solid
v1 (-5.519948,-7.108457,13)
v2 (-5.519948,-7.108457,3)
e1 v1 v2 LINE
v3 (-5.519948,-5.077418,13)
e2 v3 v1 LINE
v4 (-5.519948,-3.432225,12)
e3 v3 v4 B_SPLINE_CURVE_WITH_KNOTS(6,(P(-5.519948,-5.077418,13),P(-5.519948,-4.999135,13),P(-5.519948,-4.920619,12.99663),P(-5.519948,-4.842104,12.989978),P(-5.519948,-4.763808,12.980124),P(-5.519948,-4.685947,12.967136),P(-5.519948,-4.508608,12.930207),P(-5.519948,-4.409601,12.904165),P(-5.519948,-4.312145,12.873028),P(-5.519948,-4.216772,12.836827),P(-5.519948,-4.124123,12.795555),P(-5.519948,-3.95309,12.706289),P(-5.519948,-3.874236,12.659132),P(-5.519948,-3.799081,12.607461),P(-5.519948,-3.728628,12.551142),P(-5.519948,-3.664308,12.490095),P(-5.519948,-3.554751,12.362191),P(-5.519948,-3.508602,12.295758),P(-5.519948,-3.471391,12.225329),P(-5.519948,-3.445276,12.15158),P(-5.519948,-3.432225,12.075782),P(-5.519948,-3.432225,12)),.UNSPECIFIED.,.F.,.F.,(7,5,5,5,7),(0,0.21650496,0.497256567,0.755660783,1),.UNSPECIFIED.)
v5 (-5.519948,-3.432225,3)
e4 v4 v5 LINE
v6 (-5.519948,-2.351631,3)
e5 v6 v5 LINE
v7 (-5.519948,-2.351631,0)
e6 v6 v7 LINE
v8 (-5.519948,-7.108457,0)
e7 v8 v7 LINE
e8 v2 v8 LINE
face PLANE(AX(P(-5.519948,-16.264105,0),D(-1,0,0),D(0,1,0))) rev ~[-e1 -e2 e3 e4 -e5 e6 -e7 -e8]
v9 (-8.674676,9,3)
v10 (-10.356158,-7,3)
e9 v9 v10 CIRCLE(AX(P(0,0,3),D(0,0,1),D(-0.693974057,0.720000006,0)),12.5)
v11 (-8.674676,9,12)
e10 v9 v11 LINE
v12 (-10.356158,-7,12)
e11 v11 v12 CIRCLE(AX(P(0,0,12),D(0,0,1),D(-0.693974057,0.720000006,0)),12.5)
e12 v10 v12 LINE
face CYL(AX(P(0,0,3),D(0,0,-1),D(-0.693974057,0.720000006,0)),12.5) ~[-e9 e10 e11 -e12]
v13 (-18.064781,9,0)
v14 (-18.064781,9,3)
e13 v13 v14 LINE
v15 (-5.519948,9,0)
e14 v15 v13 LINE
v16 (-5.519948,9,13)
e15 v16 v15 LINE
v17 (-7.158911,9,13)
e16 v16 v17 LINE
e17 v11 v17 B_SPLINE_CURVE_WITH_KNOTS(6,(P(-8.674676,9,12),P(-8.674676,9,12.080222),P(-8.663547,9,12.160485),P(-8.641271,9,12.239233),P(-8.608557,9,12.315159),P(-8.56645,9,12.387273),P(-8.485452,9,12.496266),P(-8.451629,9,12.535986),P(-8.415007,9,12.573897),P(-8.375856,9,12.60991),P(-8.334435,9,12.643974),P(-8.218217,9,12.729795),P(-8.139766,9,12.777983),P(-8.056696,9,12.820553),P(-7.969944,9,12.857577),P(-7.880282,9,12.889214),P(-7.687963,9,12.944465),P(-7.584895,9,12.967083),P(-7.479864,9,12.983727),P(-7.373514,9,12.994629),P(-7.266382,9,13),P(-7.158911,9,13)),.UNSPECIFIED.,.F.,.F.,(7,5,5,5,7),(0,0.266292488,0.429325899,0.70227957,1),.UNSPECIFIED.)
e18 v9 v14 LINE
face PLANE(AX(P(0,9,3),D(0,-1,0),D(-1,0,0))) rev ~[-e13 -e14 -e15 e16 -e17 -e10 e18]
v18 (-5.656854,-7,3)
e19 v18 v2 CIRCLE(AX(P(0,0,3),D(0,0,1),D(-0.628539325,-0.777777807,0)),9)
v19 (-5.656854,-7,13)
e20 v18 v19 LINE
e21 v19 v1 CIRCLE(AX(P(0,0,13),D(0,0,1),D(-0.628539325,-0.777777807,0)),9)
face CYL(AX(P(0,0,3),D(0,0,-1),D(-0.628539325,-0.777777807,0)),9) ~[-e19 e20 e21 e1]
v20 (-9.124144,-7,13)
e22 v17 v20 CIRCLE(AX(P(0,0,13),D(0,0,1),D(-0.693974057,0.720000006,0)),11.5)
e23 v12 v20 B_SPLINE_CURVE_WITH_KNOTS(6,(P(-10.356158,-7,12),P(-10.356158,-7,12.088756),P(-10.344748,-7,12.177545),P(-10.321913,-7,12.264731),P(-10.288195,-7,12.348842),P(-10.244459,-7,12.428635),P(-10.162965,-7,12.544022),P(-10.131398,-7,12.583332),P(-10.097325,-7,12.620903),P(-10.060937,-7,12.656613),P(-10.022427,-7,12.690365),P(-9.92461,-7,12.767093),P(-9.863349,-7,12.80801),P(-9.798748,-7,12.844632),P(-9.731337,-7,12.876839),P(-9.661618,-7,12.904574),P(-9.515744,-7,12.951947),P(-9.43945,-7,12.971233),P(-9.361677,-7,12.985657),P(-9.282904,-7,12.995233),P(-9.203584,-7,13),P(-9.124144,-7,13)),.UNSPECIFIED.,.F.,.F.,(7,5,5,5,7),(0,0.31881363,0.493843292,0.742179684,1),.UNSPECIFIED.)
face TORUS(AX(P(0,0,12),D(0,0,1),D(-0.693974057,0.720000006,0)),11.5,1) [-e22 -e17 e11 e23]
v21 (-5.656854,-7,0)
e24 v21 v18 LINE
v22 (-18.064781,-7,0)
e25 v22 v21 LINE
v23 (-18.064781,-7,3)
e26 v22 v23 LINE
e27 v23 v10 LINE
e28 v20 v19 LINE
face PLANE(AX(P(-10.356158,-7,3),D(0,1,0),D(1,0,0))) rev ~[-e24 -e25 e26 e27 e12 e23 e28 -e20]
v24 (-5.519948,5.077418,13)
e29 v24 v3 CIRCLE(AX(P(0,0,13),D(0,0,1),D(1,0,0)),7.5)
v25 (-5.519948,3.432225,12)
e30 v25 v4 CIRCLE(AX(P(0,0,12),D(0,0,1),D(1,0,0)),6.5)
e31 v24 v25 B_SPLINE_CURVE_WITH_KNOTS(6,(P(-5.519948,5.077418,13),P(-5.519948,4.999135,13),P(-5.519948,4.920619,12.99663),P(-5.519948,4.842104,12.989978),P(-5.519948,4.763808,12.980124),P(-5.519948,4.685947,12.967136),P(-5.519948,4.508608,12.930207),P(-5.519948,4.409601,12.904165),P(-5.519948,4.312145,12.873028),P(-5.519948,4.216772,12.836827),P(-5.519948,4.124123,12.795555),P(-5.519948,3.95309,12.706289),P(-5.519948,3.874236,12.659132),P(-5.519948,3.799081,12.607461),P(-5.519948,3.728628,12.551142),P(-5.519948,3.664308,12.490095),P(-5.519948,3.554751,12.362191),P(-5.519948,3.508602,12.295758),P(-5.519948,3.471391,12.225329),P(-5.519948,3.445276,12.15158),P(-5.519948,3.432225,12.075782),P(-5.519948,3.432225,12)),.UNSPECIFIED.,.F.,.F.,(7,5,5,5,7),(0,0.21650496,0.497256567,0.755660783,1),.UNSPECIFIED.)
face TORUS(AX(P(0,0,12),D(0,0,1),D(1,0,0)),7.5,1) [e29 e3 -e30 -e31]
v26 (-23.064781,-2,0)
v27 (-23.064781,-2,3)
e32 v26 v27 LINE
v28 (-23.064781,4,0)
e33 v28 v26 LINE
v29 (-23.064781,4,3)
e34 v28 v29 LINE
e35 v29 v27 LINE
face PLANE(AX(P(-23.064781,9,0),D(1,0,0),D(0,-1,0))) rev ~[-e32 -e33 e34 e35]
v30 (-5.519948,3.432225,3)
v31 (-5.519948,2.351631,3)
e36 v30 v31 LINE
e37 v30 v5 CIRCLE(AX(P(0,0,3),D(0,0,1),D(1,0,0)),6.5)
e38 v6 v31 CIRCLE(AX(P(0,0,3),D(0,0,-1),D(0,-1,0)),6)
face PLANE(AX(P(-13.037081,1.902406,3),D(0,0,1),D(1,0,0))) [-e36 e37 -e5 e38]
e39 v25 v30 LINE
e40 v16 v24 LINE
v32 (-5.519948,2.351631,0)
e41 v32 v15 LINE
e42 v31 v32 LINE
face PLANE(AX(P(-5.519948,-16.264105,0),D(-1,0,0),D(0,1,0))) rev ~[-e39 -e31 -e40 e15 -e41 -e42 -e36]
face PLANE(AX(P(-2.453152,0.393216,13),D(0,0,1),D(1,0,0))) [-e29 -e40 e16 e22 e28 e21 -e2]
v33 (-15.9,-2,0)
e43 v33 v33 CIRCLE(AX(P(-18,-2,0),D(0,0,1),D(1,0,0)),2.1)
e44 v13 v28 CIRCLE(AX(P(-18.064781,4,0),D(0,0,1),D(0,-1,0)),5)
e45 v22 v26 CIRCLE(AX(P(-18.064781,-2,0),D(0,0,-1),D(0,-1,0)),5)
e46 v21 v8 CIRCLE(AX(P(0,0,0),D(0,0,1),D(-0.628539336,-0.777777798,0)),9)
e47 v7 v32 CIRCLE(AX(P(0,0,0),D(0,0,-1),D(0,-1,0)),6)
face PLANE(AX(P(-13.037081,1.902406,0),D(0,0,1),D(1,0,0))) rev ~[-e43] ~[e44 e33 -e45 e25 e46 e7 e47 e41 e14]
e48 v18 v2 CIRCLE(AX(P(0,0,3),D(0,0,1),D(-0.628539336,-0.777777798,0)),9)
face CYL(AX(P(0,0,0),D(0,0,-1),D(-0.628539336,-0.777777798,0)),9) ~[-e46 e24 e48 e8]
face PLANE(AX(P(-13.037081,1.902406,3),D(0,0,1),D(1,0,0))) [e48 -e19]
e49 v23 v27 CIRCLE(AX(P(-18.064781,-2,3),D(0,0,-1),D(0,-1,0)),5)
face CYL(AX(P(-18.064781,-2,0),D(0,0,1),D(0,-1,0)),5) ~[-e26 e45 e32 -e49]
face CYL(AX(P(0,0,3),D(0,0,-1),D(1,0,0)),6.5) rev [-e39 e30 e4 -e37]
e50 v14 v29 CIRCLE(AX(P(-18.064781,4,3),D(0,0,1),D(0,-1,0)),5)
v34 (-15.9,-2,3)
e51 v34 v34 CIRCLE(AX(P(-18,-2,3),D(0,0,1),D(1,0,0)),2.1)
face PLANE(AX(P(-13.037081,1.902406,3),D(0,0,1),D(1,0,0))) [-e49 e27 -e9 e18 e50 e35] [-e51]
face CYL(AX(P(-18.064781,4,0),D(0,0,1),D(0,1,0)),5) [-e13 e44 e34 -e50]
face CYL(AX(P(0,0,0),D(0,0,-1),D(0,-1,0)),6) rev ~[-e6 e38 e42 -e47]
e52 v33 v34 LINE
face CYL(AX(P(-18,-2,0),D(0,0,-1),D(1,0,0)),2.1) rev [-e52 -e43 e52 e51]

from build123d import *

# Parameters (mm, degrees)
F0_R     = 2.1
F1_DEPTH = 3
F2_R     = 5
F3_R     = 6.5
F4_DEPTH = 10
F5_R     = 1
F6_W     = 17.935833
F6_H     = 36.485908
F7_DEPTH = 13.001


with BuildPart() as f1:
    # F0 (on Top) → F1 (new body)
    with BuildSketch(Plane.XY):
        with BuildLine():
            ThreePointArc((-5.656854, -7), (-8.485281, 3), (0, 9))
            Line((0, 9), (-23.064781, 9))
            Line((-23.064781, 9), (-23.064781, -7))
            Line((-23.064781, -7), (-5.656854, -7))
        make_face()
        with Locations((-18, -2)):
            Circle(F0_R, mode=Mode.SUBTRACT)
        with BuildLine():
            ThreePointArc((0, -6), (-6, 0), (0, 6))
            Line((0, 6), (0, 9))
            ThreePointArc((0, 9), (-8.485281, 3), (-5.656854, -7))
            Line((-5.656854, -7), (0, -7))
            Line((0, -7), (0, -6))
        make_face()
        with BuildLine():
            ThreePointArc((0, 6), (4.242641, 4.242641), (6, 0))
            ThreePointArc((6, 0), (4.242641, -4.242641), (0, -6))
            Line((0, -6), (0, -7))
            Line((0, -7), (-5.656854, -7))
            ThreePointArc((-5.656854, -7), (3.87868, -8.12132), (9, 0))
            ThreePointArc((9, 0), (6.363961, 6.363961), (0, 9))
            Line((0, 9), (0, 6))
        make_face()
    extrude(amount=F1_DEPTH)

    # F2
    f2_edges = [f1.edges().sort_by_distance(p)[0] for p in [
        (-23.064781, 9, 1.5),
        (-23.064781, -7, 1.5),
    ]]
    fillet(f2_edges, radius=F2_R)

    # F3 (on face) → F4 (join)
    with BuildSketch(Plane.XY.offset(3)):
        with BuildLine():
            Line((0, 9), (-8.674676, 9))
            ThreePointArc((-8.674676, 9), (-12.431539, 1.306463), (-10.356158, -7))
            Line((-10.356158, -7), (-5.656854, -7))
            ThreePointArc((-5.656854, -7), (8.485281, -3), (0, 9))
        make_face()
        Circle(F3_R, mode=Mode.SUBTRACT)
    extrude(amount=F4_DEPTH)

    # F5
    f5_edges = [f1.edges().sort_by_distance(p)[0] for p in [
        (-12.431539, 1.306463, 13),
        (-6.5, 0, 13),
    ]]
    fillet(f5_edges, radius=F5_R)

    # F6 (on Top) → F7 (cut, through all)
    with BuildSketch(Plane.XY):
        with Locations((3.447968, 1.978849)):
            Rectangle(F6_W, F6_H)
    extrude(amount=F7_DEPTH, mode=Mode.SUBTRACT)


solid = f1.part
